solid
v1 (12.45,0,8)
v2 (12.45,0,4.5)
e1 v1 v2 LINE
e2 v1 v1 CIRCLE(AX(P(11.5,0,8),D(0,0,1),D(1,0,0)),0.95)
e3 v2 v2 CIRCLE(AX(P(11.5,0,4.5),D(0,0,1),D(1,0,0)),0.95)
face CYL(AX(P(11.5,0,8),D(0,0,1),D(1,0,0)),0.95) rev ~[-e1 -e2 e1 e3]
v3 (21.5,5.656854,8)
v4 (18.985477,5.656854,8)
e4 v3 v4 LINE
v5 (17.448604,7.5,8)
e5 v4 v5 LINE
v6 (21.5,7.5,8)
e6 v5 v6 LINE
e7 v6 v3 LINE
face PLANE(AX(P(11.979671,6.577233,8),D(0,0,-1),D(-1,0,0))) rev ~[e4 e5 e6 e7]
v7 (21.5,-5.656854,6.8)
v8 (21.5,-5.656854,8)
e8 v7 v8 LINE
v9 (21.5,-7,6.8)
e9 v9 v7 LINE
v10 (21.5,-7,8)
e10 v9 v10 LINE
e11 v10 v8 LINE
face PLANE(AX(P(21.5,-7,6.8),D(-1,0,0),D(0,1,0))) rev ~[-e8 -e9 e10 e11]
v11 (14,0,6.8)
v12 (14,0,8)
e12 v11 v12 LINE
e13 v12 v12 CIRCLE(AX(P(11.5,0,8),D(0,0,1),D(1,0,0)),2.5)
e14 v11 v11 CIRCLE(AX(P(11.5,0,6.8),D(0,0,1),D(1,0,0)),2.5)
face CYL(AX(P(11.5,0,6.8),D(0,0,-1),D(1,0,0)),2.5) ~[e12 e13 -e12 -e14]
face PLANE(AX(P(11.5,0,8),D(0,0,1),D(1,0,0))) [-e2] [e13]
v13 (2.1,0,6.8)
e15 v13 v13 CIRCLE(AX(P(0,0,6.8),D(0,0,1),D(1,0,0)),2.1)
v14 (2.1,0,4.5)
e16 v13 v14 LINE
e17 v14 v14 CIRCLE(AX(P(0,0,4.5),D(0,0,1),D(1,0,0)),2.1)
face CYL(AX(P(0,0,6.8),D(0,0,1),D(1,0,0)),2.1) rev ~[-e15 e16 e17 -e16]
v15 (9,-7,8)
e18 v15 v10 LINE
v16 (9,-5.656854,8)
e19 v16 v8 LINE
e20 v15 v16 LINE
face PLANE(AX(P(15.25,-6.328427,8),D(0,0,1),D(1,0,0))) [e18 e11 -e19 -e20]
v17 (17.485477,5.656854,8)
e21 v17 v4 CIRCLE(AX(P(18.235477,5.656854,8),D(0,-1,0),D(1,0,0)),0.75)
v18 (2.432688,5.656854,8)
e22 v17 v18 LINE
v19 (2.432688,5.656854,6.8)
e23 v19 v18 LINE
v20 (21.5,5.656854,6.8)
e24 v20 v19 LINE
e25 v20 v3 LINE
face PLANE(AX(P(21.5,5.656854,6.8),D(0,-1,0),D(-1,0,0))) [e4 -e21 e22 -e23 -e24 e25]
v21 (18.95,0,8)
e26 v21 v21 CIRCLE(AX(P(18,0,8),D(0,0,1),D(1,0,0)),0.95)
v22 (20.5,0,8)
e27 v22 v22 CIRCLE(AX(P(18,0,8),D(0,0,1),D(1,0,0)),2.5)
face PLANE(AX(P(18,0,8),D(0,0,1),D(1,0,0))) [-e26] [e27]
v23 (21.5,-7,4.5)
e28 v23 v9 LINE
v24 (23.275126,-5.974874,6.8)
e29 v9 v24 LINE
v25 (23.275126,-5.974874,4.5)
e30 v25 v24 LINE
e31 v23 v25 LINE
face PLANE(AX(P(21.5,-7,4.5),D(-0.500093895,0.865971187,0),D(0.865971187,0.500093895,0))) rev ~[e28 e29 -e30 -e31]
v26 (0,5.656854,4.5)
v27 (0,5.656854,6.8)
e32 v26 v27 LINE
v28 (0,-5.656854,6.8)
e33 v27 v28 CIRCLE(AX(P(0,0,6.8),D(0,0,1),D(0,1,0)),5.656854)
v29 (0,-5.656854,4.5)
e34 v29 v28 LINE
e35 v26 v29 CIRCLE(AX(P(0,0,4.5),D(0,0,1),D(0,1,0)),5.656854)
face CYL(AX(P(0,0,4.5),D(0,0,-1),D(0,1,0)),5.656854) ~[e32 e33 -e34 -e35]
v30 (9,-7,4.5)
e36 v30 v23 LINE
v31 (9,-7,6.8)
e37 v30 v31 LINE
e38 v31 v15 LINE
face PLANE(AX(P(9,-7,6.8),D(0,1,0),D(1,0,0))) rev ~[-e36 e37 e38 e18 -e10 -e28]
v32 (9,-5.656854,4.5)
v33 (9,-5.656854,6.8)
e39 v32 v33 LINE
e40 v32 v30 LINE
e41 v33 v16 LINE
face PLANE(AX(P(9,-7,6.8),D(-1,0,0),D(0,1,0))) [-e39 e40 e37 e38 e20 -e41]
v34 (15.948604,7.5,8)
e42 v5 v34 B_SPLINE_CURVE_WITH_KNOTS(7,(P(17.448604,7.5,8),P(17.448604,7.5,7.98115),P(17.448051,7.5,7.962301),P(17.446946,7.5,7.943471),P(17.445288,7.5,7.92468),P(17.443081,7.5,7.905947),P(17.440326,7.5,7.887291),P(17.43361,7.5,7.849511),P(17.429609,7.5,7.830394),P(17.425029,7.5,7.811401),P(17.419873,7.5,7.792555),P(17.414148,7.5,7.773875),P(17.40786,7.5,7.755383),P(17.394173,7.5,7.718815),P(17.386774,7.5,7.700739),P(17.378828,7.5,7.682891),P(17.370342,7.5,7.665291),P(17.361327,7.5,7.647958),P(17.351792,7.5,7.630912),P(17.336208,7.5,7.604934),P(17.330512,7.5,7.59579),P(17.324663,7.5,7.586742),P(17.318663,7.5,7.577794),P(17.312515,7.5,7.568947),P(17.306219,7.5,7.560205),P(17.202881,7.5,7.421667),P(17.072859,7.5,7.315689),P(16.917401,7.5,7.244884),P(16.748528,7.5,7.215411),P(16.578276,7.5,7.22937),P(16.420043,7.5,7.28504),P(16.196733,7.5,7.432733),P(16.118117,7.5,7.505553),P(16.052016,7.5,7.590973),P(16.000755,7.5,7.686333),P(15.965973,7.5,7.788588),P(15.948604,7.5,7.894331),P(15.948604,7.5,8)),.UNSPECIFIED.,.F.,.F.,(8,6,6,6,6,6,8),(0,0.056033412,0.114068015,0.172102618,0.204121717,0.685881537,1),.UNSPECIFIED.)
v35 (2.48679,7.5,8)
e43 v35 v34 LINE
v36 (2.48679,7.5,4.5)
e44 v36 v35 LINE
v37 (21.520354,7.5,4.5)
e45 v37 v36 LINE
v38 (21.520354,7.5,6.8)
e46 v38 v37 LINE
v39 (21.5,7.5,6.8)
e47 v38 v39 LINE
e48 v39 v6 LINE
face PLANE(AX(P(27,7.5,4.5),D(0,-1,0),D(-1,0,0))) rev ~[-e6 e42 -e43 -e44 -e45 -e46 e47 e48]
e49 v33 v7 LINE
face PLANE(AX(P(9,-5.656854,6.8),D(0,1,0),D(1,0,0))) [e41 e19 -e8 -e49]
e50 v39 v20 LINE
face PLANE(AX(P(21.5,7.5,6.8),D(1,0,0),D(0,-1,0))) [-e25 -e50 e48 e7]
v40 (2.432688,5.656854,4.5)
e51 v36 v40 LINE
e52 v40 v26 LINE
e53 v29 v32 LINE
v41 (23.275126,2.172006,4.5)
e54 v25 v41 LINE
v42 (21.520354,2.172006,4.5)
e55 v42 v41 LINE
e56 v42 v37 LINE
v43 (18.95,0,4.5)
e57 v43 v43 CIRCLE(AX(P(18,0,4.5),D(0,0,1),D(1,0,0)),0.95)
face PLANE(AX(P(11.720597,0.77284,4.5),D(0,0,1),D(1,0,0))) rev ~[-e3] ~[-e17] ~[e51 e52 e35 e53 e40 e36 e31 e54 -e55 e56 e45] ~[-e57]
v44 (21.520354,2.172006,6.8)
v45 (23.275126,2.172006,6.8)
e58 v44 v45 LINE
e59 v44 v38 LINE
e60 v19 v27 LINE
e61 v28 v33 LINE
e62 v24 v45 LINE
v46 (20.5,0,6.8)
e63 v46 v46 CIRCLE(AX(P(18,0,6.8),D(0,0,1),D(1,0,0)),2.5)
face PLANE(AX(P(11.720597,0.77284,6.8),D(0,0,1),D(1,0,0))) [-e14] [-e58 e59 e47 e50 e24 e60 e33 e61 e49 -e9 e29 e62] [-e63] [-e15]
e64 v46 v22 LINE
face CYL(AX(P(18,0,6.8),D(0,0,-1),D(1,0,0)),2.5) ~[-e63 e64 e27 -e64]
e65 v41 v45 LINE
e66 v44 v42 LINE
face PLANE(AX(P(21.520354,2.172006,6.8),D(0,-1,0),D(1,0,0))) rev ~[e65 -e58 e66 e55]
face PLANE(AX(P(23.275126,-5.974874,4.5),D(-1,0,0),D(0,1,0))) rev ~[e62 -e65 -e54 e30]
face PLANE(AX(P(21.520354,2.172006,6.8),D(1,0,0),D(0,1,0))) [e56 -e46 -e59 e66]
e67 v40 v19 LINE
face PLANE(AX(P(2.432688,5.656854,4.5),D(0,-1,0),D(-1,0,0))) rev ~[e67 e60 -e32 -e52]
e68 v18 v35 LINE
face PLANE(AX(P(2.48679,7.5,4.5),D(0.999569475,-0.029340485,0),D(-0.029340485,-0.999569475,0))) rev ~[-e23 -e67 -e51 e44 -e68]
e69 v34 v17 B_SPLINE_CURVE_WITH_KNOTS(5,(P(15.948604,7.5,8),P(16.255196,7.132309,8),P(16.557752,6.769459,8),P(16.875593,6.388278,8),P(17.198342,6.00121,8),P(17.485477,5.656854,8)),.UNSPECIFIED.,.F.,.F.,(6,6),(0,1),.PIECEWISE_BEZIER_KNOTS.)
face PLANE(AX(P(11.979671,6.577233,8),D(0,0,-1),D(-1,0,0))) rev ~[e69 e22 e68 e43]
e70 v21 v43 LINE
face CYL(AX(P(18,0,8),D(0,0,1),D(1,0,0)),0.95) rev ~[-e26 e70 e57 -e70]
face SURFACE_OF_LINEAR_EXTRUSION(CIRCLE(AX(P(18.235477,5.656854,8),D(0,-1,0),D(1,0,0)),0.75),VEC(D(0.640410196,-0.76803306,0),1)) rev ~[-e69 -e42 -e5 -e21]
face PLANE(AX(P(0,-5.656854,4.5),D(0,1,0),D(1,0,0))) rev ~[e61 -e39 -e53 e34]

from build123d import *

# Parameters (mm, degrees)
BOSS_EXTRUDE1_DEPTH  = 2
BOSS_EXTRUDE6_DEPTH  = 2.5
CUT_EXTRUDE6_DEPTH   = 2.5
BOSS_EXTRUDE14_DEPTH = 2.3
SKETCH32_R           = 2.1
CUT_EXTRUDE7_DEPTH   = 2.3
SKETCH33_W           = 12.5
SKETCH33_H           = 1.343145751
BOSS_EXTRUDE15_DEPTH = 1.2
SKETCH35_W           = 5.479645997
SKETCH35_H           = 5.327993755
CUT_EXTRUDE8_DEPTH   = 2.4
SKETCH36_W           = 3.7
SKETCH36_H           = 1.827993755
CUT_EXTRUDE9_DEPTH   = 2.4
SKETCH37_R           = 3.9
BOSS_EXTRUDE16_DEPTH = 2.3
CUT_EXTRUDE10_DEPTH  = 5.3
SKETCH43_R           = 2.5
BOSS_EXTRUDE17_DEPTH = 1.2
SKETCH44_R           = 0.95
CUT_EXTRUDE11_DEPTH  = 9
SKETCH45_R           = 2
CUT_EXTRUDE12_DEPTH  = 2.5
SKETCH52_R           = 0.75
CUT_EXTRUDE13_DEPTH  = 10


with BuildPart() as part:
    # Sketch3 → Boss-Extrude1 (new body)
    with BuildSketch(Plane.XY):
        with BuildLine():
            Line((8, 0), (9, -2.5))
            Line((9, -2.5), (9, -7))
            Line((9, -7), (21.5, -7))
            Line((21.5, -7), (25.050252532, -4.949747468))
            ThreePointArc((25.050252532, -4.949747468), (36.467156728, -2.678784027), (30, 7))
            Line((30, 7), (27, 7.5))
            Line((27, 7.5), (5.656854249, 7.5))
            Line((5.656854249, 7.5), (5.656854249, 5.656854249))
            ThreePointArc((5.656854249, 5.656854249), (7.39103626, 3.061467459), (8, 0))
        make_face()
    extrude(amount=BOSS_EXTRUDE1_DEPTH)

    # Sketch22 → Boss-Extrude6 (add)
    with BuildSketch(Plane.XY.offset(2)):
        with BuildLine():
            Line((5.656854249, 5.656854249), (2.486790148, 5.656854249))
            Line((2.486790148, 5.656854249), (2.486790148, 7.5))
            Line((2.486790148, 7.5), (5.656854249, 7.5))
            Line((5.656854249, 7.5), (21.5, 7.5))
            Line((21.5, 7.5), (27, 7.5))
            Line((27, 7.5), (27, 2.172006245))
            Line((27, 2.172006245), (23.275126266, 2.172006245))
            Line((23.275126266, 2.172006245), (23.275126266, -5.974873734))
            Line((23.275126266, -5.974873734), (21.5, -7))
            Line((21.5, -7), (9, -7))
            Line((9, -7), (9, -2.5))
            Line((9, -2.5), (8, 0))
            ThreePointArc((8, 0), (7.39103626, 3.061467459), (5.656854249, 5.656854249))
        make_face()
    extrude(amount=BOSS_EXTRUDE6_DEPTH)

    # Sketch26 → Cut-Extrude6 (cut)
    with BuildSketch(Plane.XY.offset(2)):
        Polygon((18.098080448, 5.3), (2.530052458, 5.3), (2.530052458, 4), (18.098080448, 4), (27, 4), (27, 5.3), align=None)
    extrude(amount=CUT_EXTRUDE6_DEPTH, mode=Mode.SUBTRACT)


with BuildPart() as body_2:
    # Sketch31 → Boss-Extrude14 (new body)
    with BuildSketch(Plane.XY.offset(4.5)):
        with BuildLine():
            Line((2.432688066, 5.656854249), (0, 5.656854249))
            ThreePointArc((0, 5.656854249), (-5.656854249, 0), (0, -5.656854249))
            Line((0, -5.656854249), (9, -5.656854249))
            Line((9, -5.656854249), (9, -7))
            Line((9, -7), (21.5, -7))
            Line((21.5, -7), (23.275126266, -5.974873734))
            Line((23.275126266, -5.974873734), (23.275126266, 2.172006245))
            Line((23.275126266, 2.172006245), (27, 2.172006245))
            Line((27, 2.172006245), (27, 7.5))
            Line((27, 7.5), (2.486790148, 7.5))
            Line((2.486790148, 7.5), (2.432688066, 5.656854249))
        make_face()
    extrude(amount=BOSS_EXTRUDE14_DEPTH)

    # Sketch32 → Cut-Extrude7 (cut)
    with BuildSketch(Plane.XY.offset(6.8)):
        Circle(SKETCH32_R)
    extrude(amount=-CUT_EXTRUDE7_DEPTH, mode=Mode.SUBTRACT)

    # Sketch33 → Boss-Extrude15 (add)
    with BuildSketch(Plane.XY.offset(6.8)):
        with Locations((15.25, -6.328427125)):
            Rectangle(SKETCH33_W, SKETCH33_H)
        Polygon((2.486790148, 7.5), (21.5, 7.5), (21.5, 5.656854249), (2.432688066, 5.656854249), align=None)
    extrude(amount=BOSS_EXTRUDE15_DEPTH)


with BuildPart() as cut_extrude8_tool:
    # Sketch35 → Cut-Extrude8 (new body)
    with BuildSketch(Plane.XY.offset(6.8)):
        with Locations((24.260177002, 4.836003123)):
            Rectangle(SKETCH35_W, SKETCH35_H)
    extrude(amount=-CUT_EXTRUDE8_DEPTH)


with BuildPart() as part_1:
    add(part.part)

    # Cut-Extrude8: cut by cut_extrude8_tool
    add(cut_extrude8_tool.part, mode=Mode.SUBTRACT)

    # Sketch36 → Cut-Extrude9 (cut)
    with BuildSketch(Plane.XY.offset(4.4)):
        with Locations((25.15, 3.086003123)):
            Rectangle(SKETCH36_W, SKETCH36_H)
    extrude(amount=-CUT_EXTRUDE9_DEPTH, mode=Mode.SUBTRACT)

    # Sketch37 → Boss-Extrude16 (add)
    with BuildSketch(Plane.XY.offset(2)):
        with Locations((30, 0)):
            Circle(SKETCH37_R)
    extrude(amount=BOSS_EXTRUDE16_DEPTH)

    # Sketch39 → Cut-Extrude10 (cut, through all)
    with BuildSketch(Plane.XY.offset(4.3)):
        with BuildLine():
            Line((29, 1.732050808), (29, -1.732050808))
            ThreePointArc((29, -1.732050808), (32, 0), (29, 1.732050808))
        make_face()
    extrude(amount=-CUT_EXTRUDE10_DEPTH, mode=Mode.SUBTRACT)


with BuildPart() as body_2_1:
    add(body_2.part)

    # Cut-Extrude8: cut by cut_extrude8_tool
    add(cut_extrude8_tool.part, mode=Mode.SUBTRACT)

    # Sketch43 → Boss-Extrude17 (add)
    with BuildSketch(Plane.XY.offset(6.8)):
        with Locations((11.5, 0)):
            Circle(SKETCH43_R)
        with Locations((18, 0)):
            Circle(SKETCH43_R)
    extrude(amount=BOSS_EXTRUDE17_DEPTH)


with BuildPart() as cut_extrude11_tool:
    # Sketch44 → Cut-Extrude11 (new body, through all)
    with BuildSketch(Plane.XY.offset(8)):
        with Locations((11.5, 0)):
            Circle(SKETCH44_R)
        with Locations((18, 0)):
            Circle(SKETCH44_R)
    extrude(amount=-CUT_EXTRUDE11_DEPTH)


with BuildPart() as part_2:
    add(part_1.part)

    # Cut-Extrude11: cut by cut_extrude11_tool
    add(cut_extrude11_tool.part, mode=Mode.SUBTRACT)

    # Sketch45 → Cut-Extrude12 (cut)
    with BuildSketch(Plane(origin=(0, 0, 0), x_dir=(-1, 0, 0), z_dir=(0, 0, -1))):
        with Locations((-11.5, 0)):
            Circle(SKETCH45_R)
        with Locations((-18, 0)):
            Circle(SKETCH45_R)
    extrude(amount=-CUT_EXTRUDE12_DEPTH, mode=Mode.SUBTRACT)


with BuildPart() as body_2_2:
    add(body_2_1.part)

    # Cut-Extrude11: cut by cut_extrude11_tool
    add(cut_extrude11_tool.part, mode=Mode.SUBTRACT)

    # Sketch52 → Cut-Extrude13 (cut, along a direction that is not the sketch's normal)
    with BuildSketch(Plane.XZ.offset(-5.656854249)):
        with Locations((18.235476819, 8)):
            Circle(SKETCH52_R)
    extrude(amount=-CUT_EXTRUDE13_DEPTH, dir=(0.640410196, -0.76803306, 0), mode=Mode.SUBTRACT)


solid = body_2_2.part
